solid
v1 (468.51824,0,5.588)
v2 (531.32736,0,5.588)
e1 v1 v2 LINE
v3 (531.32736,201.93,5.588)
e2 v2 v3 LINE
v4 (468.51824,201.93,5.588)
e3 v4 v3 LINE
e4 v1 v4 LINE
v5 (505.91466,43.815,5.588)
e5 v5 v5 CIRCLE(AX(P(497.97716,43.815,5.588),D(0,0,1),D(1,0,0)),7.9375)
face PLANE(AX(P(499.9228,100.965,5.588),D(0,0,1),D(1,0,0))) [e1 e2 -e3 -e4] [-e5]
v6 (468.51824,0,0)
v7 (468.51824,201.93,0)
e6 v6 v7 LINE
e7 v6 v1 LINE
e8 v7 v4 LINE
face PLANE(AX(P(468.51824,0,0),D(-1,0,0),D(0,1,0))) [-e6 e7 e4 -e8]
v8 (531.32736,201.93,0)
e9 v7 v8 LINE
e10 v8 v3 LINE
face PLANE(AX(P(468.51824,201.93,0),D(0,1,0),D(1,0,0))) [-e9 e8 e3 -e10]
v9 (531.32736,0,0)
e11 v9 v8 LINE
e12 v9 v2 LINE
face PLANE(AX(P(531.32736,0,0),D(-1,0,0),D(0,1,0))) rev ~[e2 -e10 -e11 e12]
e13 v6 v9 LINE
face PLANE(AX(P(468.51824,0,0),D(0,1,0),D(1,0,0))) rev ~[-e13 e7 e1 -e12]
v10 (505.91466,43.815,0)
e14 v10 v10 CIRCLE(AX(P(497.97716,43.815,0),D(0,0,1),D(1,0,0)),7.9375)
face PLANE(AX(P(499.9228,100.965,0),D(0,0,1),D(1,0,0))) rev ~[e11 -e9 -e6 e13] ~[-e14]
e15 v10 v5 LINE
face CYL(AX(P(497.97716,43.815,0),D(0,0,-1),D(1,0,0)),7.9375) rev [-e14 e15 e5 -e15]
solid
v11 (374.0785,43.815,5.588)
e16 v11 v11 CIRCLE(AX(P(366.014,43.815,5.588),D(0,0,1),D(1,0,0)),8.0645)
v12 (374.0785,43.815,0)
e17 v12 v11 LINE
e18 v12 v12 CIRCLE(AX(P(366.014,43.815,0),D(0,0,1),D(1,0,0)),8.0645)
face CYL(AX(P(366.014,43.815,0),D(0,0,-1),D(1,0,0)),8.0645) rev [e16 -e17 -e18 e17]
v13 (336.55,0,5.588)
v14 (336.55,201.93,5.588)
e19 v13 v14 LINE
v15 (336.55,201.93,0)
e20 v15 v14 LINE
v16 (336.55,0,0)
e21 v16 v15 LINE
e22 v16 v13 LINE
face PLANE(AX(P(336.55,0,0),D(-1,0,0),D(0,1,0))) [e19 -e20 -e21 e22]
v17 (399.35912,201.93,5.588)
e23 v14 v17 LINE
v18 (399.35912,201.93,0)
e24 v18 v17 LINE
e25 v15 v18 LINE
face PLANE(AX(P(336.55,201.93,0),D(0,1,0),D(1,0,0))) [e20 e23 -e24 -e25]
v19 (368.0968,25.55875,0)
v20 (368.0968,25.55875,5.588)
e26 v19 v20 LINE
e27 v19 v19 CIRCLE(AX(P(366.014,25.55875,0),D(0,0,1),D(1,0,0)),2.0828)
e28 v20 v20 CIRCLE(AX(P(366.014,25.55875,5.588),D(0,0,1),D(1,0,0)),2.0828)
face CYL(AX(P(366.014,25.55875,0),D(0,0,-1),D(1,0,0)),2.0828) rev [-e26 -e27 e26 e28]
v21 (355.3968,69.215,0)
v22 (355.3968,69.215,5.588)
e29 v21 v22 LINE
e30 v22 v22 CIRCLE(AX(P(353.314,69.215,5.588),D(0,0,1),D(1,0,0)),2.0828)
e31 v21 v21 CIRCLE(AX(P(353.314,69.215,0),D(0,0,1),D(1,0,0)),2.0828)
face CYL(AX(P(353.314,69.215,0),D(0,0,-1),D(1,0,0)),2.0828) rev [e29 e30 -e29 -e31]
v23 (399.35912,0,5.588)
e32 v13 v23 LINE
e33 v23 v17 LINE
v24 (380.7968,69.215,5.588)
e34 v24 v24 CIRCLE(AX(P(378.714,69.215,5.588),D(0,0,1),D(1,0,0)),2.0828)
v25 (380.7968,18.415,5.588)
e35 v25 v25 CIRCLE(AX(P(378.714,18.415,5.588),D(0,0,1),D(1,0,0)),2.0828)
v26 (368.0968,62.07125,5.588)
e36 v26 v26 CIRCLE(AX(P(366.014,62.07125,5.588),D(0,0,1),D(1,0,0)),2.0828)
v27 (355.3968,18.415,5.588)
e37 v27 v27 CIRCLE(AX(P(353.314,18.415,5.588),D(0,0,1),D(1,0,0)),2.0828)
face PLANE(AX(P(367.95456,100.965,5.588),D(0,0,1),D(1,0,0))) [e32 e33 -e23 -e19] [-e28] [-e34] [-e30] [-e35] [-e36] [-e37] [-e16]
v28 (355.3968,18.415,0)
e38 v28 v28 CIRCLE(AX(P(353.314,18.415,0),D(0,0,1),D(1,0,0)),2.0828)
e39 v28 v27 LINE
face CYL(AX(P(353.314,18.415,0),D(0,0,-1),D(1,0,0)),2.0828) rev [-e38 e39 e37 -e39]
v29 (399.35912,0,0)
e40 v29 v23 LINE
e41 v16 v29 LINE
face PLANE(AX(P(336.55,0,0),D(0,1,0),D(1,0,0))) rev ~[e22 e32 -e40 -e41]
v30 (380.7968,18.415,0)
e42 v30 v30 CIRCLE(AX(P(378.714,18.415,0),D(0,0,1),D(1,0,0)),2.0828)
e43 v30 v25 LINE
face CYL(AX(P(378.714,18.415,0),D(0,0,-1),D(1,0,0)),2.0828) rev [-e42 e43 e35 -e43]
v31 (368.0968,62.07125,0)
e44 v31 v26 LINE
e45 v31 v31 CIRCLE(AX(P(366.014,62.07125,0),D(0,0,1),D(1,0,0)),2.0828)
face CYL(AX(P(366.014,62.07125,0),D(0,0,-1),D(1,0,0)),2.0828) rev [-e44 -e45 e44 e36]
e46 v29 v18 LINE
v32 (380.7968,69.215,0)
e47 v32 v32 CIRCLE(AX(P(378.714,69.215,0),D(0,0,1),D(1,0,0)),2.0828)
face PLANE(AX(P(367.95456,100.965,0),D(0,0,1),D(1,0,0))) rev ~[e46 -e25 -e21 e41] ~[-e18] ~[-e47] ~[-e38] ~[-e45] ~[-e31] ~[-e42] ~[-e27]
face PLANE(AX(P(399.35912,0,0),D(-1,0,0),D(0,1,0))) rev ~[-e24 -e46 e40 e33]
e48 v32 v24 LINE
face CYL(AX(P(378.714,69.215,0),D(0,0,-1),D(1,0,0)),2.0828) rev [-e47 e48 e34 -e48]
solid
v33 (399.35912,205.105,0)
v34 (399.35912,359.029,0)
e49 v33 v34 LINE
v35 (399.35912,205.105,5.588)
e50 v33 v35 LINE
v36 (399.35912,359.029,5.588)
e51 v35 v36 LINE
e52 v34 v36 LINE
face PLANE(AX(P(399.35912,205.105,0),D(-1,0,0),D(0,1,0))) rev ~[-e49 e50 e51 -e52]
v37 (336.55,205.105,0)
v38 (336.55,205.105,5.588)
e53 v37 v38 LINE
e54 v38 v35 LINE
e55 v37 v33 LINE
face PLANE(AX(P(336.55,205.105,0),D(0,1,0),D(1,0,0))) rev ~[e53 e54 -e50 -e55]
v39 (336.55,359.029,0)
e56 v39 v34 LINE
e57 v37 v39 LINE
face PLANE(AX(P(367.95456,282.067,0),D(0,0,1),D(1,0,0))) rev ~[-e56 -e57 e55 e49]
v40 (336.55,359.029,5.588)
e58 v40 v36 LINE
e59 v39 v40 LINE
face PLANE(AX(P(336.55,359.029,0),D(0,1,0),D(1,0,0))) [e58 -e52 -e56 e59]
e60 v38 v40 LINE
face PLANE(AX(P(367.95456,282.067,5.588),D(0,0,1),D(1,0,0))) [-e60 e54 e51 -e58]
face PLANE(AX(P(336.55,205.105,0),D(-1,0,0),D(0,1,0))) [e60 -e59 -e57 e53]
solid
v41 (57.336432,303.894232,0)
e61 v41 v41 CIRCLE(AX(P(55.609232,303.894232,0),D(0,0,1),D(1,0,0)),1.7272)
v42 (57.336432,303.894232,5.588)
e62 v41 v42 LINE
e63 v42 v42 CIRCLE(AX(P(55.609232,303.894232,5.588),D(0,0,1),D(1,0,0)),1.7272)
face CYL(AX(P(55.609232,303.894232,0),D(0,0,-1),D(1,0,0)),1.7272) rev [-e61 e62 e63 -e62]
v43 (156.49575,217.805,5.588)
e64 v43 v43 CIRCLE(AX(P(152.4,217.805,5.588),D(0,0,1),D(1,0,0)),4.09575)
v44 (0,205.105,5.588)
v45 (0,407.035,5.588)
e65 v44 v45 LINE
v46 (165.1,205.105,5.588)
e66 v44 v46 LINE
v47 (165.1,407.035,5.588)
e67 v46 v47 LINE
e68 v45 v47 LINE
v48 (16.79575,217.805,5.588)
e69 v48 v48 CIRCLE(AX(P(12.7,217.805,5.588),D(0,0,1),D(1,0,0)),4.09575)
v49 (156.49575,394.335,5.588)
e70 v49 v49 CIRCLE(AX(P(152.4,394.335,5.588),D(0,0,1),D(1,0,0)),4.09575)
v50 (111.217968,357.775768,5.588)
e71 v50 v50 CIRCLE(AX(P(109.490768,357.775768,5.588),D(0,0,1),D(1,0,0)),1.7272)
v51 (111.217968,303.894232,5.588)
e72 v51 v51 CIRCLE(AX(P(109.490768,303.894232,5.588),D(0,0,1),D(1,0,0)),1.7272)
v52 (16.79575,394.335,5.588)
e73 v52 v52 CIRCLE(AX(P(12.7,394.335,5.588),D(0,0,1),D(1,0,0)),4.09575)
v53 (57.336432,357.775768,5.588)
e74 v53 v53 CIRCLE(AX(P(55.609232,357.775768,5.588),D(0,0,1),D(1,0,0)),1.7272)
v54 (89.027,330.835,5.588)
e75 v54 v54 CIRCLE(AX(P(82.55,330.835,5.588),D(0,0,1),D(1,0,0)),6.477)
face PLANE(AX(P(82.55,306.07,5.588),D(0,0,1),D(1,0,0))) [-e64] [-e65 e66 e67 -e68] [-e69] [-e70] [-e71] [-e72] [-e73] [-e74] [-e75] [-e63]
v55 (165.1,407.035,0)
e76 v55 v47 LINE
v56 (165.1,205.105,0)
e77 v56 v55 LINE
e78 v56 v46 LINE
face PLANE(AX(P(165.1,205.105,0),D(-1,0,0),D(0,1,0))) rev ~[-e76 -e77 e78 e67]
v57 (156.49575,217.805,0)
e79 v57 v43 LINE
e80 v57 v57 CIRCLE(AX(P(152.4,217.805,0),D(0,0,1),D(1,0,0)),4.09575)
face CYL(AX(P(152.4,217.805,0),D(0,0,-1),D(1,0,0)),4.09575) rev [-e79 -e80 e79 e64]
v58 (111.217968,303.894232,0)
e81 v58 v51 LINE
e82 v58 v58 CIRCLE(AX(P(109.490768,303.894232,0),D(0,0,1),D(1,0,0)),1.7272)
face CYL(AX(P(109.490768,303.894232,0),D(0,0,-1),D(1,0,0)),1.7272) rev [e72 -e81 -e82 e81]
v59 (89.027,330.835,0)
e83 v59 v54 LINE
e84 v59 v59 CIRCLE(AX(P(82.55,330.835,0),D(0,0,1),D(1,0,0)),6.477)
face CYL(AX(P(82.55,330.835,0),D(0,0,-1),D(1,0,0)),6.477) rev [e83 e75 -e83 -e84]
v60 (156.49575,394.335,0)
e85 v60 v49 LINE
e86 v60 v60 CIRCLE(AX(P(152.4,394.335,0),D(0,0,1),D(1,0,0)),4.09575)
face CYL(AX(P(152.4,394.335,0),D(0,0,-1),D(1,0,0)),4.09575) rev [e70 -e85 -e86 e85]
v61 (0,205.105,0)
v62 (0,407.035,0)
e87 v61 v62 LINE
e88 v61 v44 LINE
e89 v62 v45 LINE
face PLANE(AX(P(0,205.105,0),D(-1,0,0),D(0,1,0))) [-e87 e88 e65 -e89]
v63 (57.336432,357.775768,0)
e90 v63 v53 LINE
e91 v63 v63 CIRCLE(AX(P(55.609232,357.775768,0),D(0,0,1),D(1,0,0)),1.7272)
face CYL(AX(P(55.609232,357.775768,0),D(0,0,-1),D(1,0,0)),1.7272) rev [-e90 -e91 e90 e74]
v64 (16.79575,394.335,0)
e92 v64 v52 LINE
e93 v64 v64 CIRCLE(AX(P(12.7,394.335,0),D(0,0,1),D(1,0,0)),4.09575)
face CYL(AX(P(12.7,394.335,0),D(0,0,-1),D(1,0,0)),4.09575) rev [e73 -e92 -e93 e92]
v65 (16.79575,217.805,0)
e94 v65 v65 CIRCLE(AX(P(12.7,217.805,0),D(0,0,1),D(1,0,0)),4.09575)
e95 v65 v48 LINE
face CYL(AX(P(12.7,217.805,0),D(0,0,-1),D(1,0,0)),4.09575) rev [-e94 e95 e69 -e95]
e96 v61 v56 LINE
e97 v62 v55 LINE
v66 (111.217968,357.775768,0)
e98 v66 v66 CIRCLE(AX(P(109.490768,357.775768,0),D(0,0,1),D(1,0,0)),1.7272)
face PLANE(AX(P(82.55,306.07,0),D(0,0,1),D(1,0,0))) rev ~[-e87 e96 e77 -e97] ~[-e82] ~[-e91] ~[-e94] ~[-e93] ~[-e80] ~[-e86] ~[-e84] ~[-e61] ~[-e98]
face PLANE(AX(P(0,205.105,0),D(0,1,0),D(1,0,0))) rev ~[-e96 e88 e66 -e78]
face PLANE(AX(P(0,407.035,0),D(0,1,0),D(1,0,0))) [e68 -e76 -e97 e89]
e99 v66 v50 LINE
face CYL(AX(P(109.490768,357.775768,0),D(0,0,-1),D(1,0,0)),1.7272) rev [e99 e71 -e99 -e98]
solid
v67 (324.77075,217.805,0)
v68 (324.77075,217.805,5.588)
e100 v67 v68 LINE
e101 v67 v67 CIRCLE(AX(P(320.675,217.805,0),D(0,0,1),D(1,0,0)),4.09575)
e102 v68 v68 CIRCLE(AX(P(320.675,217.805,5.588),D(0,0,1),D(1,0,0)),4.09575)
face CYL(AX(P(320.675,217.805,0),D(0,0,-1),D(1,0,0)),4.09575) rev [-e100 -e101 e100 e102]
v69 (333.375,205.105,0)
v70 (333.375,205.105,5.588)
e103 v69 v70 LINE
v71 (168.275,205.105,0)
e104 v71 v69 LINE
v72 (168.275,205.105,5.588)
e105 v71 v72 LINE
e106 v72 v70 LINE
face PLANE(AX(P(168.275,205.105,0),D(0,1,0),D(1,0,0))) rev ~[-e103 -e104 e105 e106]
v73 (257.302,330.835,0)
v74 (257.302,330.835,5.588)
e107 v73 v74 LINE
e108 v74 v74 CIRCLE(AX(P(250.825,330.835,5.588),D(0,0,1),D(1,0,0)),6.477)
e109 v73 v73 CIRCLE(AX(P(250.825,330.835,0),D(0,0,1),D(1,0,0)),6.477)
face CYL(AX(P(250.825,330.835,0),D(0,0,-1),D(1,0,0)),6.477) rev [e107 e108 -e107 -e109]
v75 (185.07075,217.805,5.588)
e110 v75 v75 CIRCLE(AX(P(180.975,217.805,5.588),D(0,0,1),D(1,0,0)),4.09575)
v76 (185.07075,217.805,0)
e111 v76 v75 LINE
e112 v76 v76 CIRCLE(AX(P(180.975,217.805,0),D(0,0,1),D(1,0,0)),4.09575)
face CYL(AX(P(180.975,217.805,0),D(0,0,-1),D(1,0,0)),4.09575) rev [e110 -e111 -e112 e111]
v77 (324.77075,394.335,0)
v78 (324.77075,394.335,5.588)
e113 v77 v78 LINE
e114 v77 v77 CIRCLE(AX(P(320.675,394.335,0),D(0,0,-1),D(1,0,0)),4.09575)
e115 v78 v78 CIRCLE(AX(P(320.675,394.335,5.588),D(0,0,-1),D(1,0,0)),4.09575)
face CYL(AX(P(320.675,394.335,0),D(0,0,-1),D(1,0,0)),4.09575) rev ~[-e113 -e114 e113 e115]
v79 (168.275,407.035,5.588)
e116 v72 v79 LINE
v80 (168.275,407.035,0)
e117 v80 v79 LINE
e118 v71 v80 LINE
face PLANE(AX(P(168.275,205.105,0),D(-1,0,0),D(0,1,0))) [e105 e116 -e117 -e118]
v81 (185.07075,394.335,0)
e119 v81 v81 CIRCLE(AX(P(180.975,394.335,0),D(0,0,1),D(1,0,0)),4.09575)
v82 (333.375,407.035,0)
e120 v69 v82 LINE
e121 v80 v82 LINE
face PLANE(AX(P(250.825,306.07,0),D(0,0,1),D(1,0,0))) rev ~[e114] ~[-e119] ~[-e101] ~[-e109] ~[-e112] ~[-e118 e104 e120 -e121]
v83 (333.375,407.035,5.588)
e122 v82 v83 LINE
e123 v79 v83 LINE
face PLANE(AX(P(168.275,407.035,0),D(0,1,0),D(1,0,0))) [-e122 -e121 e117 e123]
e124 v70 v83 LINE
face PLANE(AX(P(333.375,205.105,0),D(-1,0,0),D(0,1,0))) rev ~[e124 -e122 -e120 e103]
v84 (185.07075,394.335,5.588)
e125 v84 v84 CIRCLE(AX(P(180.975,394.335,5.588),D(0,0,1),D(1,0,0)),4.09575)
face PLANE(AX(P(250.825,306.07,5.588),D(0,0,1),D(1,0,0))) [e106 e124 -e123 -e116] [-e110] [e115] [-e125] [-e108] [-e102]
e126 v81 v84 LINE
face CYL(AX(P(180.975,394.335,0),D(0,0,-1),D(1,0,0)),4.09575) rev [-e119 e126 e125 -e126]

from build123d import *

# Parameters (mm, degrees)
F0_W     = 165.1
F0_H     = 201.93
F0_R     = 4.09575
F0_R_2   = 1.7272
F0_R_3   = 6.477
F1_DEPTH = 5.588
F0_W_2   = 62.80912
F0_R_4   = 2.0828
F0_R_5   = 8.0645
F2_DEPTH = 5.588
F0_H_2   = 153.924
F3_DEPTH = 5.588
F0_R_6   = 7.9375
F4_DEPTH = 5.588
F5_DEPTH = 5.588


with BuildPart() as f1:
    # F0 (on Top) → F1 (new body)
    with BuildSketch(Plane.XY):
        with Locations((82.55, 306.07)):
            Rectangle(F0_W, F0_H)
        with Locations((12.7, 217.805)):
            Circle(F0_R, mode=Mode.SUBTRACT)
        with Locations((55.609232, 303.894232)):
            Circle(F0_R_2, mode=Mode.SUBTRACT)
        with Locations((109.490768, 303.894232)):
            Circle(F0_R_2, mode=Mode.SUBTRACT)
        with Locations((152.4, 217.805)):
            Circle(F0_R, mode=Mode.SUBTRACT)
        with Locations((82.55, 330.835)):
            Circle(F0_R_3, mode=Mode.SUBTRACT)
        with Locations((55.609232, 357.775768)):
            Circle(F0_R_2, mode=Mode.SUBTRACT)
        with Locations((12.7, 394.335)):
            Circle(F0_R, mode=Mode.SUBTRACT)
        with Locations((109.490768, 357.775768)):
            Circle(F0_R_2, mode=Mode.SUBTRACT)
        with Locations((152.4, 394.335)):
            Circle(F0_R, mode=Mode.SUBTRACT)
    extrude(amount=F1_DEPTH)


with BuildPart() as f2:
    # F0 (on Top) → F2 (new body)
    with BuildSketch(Plane.XY):
        with Locations((367.95456, 100.965)):
            Rectangle(F0_W_2, F0_H)
        with Locations((353.314, 18.415)):
            Circle(F0_R_4, mode=Mode.SUBTRACT)
        with Locations((366.014, 25.55875)):
            Circle(F0_R_4, mode=Mode.SUBTRACT)
        with Locations((366.014, 43.815)):
            Circle(F0_R_5, mode=Mode.SUBTRACT)
        with Locations((378.714, 18.415)):
            Circle(F0_R_4, mode=Mode.SUBTRACT)
        with Locations((366.014, 62.07125)):
            Circle(F0_R_4, mode=Mode.SUBTRACT)
        with Locations((353.314, 69.215)):
            Circle(F0_R_4, mode=Mode.SUBTRACT)
        with Locations((378.714, 69.215)):
            Circle(F0_R_4, mode=Mode.SUBTRACT)
    extrude(amount=F2_DEPTH)


with BuildPart() as f3:
    # F0 (on Top) → F3 (new body)
    with BuildSketch(Plane.XY):
        with Locations((367.95456, 282.067)):
            Rectangle(F0_W_2, F0_H_2)
    extrude(amount=F3_DEPTH)


with BuildPart() as f4:
    # F0 (on Top) → F4 (new body)
    with BuildSketch(Plane.XY):
        with Locations((499.9228, 100.965)):
            Rectangle(F0_W_2, F0_H)
        with Locations((497.97716, 43.815)):
            Circle(F0_R_6, mode=Mode.SUBTRACT)
    extrude(amount=F4_DEPTH)


with BuildPart() as f5:
    # F0 (on Top) → F5 (new body)
    with BuildSketch(Plane.XY):
        with Locations((250.825, 306.07)):
            Rectangle(F0_W, F0_H)
        with Locations((180.975, 217.805)):
            Circle(F0_R, mode=Mode.SUBTRACT)
        with Locations((250.825, 330.835)):
            Circle(F0_R_3, mode=Mode.SUBTRACT)
        with Locations((180.975, 394.335)):
            Circle(F0_R, mode=Mode.SUBTRACT)
        with Locations((320.675, 217.805)):
            Circle(F0_R, mode=Mode.SUBTRACT)
        with BuildLine():
            ThreePointArc((316.57925, 394.335), (320.675, 398.43075), (324.77075, 394.335))
            ThreePointArc((324.77075, 394.335), (320.675, 390.23925), (316.57925, 394.335))
        make_face(mode=Mode.SUBTRACT)
    extrude(amount=F5_DEPTH)


solid = Compound([f1.part, f2.part, f3.part, f4.part, f5.part])
